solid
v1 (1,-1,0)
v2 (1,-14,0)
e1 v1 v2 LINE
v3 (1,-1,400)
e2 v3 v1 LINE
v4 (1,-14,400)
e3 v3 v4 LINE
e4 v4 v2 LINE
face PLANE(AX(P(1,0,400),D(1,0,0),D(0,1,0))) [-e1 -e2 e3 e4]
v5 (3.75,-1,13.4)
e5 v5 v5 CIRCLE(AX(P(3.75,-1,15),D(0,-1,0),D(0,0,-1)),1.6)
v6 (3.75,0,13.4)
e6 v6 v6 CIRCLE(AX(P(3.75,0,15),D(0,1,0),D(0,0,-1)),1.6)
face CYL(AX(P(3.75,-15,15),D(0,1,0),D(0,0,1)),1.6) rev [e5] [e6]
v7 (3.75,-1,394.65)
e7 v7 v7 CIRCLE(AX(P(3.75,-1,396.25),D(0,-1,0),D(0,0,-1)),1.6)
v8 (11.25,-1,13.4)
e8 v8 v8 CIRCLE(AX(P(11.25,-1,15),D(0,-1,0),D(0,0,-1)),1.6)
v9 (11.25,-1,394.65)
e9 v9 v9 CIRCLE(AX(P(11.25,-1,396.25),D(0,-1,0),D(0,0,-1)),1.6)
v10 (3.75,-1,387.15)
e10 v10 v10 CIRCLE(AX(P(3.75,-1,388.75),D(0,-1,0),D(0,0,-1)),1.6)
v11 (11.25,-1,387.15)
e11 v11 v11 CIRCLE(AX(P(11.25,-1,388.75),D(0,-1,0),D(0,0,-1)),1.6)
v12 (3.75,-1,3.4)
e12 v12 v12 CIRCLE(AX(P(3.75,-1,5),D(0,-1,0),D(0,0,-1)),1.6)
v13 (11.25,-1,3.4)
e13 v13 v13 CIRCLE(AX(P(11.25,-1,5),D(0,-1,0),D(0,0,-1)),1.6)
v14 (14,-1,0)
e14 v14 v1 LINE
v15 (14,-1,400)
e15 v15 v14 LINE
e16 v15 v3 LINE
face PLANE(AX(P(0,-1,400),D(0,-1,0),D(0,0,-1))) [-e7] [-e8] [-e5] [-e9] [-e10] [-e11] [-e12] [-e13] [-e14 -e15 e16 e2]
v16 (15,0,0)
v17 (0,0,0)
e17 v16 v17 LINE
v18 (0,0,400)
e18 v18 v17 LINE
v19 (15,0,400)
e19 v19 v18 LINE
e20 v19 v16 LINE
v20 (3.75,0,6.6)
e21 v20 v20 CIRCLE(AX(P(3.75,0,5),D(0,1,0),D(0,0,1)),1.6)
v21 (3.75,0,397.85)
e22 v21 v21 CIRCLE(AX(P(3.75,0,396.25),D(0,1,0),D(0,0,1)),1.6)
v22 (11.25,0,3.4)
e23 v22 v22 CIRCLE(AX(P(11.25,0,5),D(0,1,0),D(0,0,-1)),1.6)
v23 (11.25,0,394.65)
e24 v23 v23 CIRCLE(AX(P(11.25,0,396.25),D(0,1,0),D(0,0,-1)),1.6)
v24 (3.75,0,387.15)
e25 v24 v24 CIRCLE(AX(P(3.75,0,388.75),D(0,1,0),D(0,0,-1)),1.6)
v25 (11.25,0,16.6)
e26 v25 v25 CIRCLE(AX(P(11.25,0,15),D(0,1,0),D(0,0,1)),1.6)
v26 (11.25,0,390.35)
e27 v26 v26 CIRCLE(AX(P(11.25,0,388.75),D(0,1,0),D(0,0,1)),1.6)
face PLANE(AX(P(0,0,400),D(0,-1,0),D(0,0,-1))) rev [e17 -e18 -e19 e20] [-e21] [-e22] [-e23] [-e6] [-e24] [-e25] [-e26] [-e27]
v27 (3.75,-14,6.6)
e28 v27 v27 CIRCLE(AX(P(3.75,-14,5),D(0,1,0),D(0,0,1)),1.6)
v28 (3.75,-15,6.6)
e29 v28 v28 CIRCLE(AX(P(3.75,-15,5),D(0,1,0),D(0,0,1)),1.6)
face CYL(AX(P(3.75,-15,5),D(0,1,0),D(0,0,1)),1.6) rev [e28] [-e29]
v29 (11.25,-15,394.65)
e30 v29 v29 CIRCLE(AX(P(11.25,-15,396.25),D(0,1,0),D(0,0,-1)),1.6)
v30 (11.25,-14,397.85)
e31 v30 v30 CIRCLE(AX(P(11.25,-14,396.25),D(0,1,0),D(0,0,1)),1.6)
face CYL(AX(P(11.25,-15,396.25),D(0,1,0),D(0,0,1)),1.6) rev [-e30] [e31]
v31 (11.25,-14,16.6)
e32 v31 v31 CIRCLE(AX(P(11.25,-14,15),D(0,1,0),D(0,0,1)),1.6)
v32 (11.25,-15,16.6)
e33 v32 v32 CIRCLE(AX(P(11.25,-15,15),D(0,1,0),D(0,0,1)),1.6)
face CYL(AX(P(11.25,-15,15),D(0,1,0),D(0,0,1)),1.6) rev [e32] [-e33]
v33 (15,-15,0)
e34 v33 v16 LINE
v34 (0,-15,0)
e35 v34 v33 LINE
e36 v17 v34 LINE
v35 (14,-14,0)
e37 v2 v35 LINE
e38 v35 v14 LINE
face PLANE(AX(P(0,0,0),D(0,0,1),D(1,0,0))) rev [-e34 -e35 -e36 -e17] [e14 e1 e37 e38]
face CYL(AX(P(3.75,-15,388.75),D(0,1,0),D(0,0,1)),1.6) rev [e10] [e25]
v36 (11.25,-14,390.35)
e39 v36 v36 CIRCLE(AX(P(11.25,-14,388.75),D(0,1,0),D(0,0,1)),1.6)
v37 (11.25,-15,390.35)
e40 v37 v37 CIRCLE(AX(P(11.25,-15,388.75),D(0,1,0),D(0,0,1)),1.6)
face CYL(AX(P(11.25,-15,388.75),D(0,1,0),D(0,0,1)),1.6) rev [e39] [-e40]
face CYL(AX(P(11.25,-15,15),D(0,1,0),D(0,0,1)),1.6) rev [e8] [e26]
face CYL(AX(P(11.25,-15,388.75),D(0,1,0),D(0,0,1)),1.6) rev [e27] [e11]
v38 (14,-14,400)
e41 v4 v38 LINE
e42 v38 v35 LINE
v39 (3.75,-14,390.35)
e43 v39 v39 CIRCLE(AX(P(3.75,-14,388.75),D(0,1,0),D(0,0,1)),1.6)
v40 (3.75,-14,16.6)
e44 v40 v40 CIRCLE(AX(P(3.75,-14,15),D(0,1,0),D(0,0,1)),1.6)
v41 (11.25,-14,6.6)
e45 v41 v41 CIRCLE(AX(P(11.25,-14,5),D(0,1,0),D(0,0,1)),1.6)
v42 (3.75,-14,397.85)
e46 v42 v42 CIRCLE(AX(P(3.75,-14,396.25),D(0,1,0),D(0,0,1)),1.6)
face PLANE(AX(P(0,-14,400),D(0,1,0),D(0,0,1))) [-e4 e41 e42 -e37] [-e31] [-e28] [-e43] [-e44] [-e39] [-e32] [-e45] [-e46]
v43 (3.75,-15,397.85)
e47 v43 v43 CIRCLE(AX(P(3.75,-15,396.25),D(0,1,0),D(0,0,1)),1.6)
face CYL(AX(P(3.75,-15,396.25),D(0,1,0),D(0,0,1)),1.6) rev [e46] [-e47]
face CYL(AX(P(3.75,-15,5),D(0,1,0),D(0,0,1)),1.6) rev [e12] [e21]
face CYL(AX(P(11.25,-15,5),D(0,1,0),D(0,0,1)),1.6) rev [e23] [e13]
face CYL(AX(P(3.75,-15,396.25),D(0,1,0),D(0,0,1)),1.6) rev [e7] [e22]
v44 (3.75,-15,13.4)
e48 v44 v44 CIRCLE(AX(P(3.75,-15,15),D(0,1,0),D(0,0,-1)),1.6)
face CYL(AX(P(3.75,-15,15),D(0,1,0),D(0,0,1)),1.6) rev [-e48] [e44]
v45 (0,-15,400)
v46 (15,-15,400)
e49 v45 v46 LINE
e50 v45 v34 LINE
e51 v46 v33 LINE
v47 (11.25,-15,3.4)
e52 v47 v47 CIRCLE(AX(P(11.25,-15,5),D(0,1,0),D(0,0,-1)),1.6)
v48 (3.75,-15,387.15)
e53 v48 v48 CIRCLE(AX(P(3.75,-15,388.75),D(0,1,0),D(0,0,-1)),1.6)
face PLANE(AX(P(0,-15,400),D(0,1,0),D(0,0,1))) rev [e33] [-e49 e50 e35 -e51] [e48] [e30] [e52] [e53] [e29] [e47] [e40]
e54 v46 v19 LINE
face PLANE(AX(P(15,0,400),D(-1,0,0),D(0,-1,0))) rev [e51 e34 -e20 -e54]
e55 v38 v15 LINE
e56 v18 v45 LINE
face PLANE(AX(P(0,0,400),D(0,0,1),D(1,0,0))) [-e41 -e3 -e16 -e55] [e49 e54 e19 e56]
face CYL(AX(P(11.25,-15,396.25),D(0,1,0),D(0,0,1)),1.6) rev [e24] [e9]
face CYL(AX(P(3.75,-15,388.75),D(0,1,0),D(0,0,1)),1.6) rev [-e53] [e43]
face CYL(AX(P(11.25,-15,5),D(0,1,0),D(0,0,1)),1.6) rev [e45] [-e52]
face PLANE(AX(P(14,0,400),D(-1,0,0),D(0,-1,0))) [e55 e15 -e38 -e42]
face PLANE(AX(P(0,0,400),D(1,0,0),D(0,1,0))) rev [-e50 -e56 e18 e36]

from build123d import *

# Parameters (mm, degrees)
SKETCH_1_W          = 15
SKETCH_1_H          = 15
SKETCH_1_W_2        = 13
SKETCH_1_H_2        = 13
EXTRUDE_1_DEPTH     = 400
SKETCH_2_R          = 1.6
CUT_EXTRUDE_1_DEPTH = 401.562105047


with BuildPart() as part:
    # 草图1 → 拉伸-薄壁1 (new body)
    with BuildSketch(Plane.XY):
        with Locations((7.5, -7.5)):
            Rectangle(SKETCH_1_W, SKETCH_1_H)
        with Locations((7.5, -7.5)):
            Rectangle(SKETCH_1_W_2, SKETCH_1_H_2, mode=Mode.SUBTRACT)
    extrude(amount=EXTRUDE_1_DEPTH)

    # 草图2 → 切除-拉伸1 (cut, through all)
    with BuildSketch(Plane(origin=(0, 0, 0), x_dir=(1, 0, 0), z_dir=(0, 1, 0))):
        with Locations(Location((3.75, -5, 0), (0, 0, 270))):
            Circle(SKETCH_2_R)
        with Locations(Location((11.25, -5, 0), (0, 0, 90))):
            Circle(SKETCH_2_R)
        with Locations(Location((11.25, -15, 0), (0, 0, 270))):
            Circle(SKETCH_2_R)
        with Locations(Location((3.75, -15, 0), (0, 0, 90))):
            Circle(SKETCH_2_R)
        with Locations(Location((3.75, -396.25, 0), (0, 0, 270))):
            Circle(SKETCH_2_R)
        with Locations(Location((11.25, -396.25, 0), (0, 0, 90))):
            Circle(SKETCH_2_R)
        with Locations(Location((11.25, -388.75, 0), (0, 0, 270))):
            Circle(SKETCH_2_R)
        with Locations(Location((3.75, -388.75, 0), (0, 0, 90))):
            Circle(SKETCH_2_R)
    extrude(amount=-CUT_EXTRUDE_1_DEPTH, mode=Mode.SUBTRACT)


solid = part.part
